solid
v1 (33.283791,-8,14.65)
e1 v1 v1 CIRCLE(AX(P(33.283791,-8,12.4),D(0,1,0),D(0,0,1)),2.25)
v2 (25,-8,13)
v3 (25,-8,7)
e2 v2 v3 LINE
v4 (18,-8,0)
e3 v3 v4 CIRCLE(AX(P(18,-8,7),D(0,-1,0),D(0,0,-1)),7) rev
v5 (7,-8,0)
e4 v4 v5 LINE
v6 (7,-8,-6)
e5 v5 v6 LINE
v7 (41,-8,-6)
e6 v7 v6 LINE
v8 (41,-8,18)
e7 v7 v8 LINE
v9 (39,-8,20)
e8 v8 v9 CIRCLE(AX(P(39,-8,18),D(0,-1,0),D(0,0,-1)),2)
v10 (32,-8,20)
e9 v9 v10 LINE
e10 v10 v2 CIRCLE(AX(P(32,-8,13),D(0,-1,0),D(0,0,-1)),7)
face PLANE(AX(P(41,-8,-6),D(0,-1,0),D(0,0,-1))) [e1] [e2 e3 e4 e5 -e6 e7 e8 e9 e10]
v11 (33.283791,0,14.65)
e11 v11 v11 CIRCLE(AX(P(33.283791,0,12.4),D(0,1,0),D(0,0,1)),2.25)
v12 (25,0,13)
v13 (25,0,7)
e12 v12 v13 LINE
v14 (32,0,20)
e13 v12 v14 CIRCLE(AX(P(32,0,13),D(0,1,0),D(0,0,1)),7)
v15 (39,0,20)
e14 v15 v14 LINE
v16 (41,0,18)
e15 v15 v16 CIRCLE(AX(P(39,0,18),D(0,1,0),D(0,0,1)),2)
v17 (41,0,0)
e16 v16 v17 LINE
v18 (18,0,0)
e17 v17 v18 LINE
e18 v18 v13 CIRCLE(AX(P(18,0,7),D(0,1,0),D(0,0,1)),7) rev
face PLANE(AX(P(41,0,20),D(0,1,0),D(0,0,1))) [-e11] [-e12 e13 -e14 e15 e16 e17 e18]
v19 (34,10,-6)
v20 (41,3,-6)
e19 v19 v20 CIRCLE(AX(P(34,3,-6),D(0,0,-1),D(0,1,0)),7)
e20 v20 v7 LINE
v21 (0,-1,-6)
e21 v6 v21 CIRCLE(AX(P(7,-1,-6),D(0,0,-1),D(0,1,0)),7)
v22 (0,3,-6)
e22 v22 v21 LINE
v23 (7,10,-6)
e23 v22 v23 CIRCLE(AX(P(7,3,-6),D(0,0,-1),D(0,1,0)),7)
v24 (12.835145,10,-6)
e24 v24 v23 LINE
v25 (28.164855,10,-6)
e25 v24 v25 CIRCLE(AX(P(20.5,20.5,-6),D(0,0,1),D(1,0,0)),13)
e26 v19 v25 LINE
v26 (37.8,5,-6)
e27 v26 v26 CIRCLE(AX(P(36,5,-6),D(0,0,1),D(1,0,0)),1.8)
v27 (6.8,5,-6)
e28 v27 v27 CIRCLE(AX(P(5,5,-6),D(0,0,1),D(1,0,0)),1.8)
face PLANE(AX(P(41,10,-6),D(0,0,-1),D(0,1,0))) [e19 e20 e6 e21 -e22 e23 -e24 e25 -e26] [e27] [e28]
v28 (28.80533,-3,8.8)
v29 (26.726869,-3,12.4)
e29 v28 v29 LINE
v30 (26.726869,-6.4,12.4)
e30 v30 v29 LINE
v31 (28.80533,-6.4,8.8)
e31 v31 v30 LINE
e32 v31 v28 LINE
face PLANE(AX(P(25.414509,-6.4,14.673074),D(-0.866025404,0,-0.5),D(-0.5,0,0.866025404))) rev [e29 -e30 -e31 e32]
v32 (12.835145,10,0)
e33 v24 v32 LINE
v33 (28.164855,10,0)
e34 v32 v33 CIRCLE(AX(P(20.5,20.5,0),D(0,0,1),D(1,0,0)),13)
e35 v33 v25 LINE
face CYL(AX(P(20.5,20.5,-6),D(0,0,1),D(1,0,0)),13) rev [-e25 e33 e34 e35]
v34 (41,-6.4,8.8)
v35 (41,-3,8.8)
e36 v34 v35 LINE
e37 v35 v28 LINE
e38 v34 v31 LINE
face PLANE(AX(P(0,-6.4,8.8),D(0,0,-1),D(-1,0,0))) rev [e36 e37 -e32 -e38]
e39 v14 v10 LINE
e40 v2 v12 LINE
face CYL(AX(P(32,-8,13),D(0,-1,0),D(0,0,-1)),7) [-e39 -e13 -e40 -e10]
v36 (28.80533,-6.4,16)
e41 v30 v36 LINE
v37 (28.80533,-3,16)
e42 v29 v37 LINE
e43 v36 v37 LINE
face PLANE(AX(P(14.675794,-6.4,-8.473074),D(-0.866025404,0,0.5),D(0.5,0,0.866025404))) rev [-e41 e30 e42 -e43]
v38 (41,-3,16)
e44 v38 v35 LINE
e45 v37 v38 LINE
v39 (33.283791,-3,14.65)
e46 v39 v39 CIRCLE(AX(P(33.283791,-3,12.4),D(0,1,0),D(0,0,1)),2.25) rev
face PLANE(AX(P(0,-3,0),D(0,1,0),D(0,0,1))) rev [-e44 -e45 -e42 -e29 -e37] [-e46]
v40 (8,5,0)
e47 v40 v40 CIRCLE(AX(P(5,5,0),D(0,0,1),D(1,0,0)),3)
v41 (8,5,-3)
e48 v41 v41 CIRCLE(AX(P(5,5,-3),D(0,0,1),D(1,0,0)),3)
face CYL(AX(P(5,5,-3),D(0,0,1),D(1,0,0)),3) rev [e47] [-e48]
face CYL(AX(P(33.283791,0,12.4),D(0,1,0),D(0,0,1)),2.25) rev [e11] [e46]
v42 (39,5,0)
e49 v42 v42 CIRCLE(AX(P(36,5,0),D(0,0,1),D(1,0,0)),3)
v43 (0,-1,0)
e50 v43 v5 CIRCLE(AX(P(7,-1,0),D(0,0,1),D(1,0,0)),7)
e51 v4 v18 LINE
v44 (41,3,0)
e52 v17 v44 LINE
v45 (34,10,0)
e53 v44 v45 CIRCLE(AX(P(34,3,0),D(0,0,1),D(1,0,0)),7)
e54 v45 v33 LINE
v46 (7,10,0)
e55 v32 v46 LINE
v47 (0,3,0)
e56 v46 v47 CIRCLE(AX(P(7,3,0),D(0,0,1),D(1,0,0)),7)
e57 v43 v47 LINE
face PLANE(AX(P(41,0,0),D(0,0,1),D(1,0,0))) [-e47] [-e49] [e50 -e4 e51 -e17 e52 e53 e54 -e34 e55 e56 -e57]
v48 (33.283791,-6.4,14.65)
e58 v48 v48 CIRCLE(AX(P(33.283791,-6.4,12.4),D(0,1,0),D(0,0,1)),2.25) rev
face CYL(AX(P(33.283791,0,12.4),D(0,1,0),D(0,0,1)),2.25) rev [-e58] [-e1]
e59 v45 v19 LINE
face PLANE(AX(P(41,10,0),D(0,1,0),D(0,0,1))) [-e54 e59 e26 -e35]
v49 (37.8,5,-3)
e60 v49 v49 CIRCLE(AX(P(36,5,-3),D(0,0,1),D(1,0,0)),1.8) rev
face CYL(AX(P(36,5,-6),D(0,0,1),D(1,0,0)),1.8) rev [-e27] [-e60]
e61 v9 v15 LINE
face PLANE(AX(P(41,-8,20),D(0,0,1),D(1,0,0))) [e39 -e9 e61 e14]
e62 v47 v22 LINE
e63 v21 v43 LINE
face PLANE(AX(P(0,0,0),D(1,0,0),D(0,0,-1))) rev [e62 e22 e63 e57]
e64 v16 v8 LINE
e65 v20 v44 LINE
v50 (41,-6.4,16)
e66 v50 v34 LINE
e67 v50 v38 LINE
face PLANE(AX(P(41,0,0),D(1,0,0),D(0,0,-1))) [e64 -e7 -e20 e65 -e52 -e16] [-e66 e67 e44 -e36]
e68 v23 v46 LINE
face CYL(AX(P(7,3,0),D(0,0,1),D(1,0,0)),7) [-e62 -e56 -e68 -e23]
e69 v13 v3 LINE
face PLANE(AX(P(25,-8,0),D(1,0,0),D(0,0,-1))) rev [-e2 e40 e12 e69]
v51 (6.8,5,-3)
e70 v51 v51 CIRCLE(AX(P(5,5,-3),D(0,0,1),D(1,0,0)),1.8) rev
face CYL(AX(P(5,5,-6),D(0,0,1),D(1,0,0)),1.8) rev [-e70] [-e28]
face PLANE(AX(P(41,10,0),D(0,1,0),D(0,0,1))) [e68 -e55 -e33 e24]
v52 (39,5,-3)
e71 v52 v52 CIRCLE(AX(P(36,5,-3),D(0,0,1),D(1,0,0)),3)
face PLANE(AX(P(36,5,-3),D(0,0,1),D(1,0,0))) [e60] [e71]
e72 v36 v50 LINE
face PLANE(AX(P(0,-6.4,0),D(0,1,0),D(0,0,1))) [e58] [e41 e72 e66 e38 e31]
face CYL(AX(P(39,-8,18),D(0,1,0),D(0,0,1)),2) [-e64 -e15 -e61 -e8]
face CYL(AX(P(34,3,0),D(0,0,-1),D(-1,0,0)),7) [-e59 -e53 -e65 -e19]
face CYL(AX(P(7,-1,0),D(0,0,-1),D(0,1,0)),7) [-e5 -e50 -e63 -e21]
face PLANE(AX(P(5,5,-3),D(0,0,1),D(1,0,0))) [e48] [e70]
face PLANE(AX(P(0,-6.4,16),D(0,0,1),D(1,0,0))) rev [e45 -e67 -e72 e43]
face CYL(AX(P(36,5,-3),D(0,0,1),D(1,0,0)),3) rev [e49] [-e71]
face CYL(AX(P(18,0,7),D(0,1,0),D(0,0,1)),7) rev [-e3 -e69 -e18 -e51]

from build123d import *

# Parameters (mm, degrees)
BOSS_EXTRUDE2_DEPTH  = 41
SKETCH3_R            = 1.8
SKETCH3_R_2          = 13
CUT_EXTRUDE1_DEPTH   = 47.701177715
M4_CLEARANCE_HOLE1_D = 4.5
SKETCH6_R            = 3
CUT_EXTRUDE2_DEPTH   = 3
CUT_EXTRUDE3_START   = -6.4
SKETCH7_R            = 2.25
CUT_EXTRUDE3_DEPTH   = 3.4
FILLET3_R            = 2
SKETCH9_W            = 25
SKETCH9_H            = 20
CUT_EXTRUDE5_DEPTH   = 47.701177715
FILLET5_R            = 7


with BuildPart() as part:
    # Sketch2 → Boss-Extrude2 (new body)
    with BuildSketch(Plane(origin=(0, 0, 0), x_dir=(0, 0, -1), z_dir=(1, 0, 0))):
        Polygon((0, 0), (0, 10), (6, 10), (6, -8), (-20, -8), (-20, 0), align=None)
    extrude(amount=BOSS_EXTRUDE2_DEPTH)

    # Sketch3 → Cut-Extrude1 (cut, through all)
    with BuildSketch(Plane.XY):
        with Locations((5, 5)):
            Circle(SKETCH3_R)
        with Locations((36, 5)):
            Circle(SKETCH3_R)
        with Locations((20.5, 20.5)):
            Circle(SKETCH3_R_2)
    extrude(amount=-CUT_EXTRUDE1_DEPTH, mode=Mode.SUBTRACT)

    # M4 Clearance Hole1 (through all)
    with Locations(Plane(origin=(33.28379107, 0, 12.4), x_dir=(0, 0, 1), z_dir=(0, 1, 0))):
        with Locations((0, 0)):
            Hole(M4_CLEARANCE_HOLE1_D / 2)

    # Sketch6 → Cut-Extrude2 (cut)
    with BuildSketch(Plane.XY):
        with Locations((5, 5)):
            Circle(SKETCH6_R)
        with Locations((36, 5)):
            Circle(SKETCH6_R)
    extrude(amount=-CUT_EXTRUDE2_DEPTH, mode=Mode.SUBTRACT)

    # Sketch7 → Cut-Extrude3 (cut)
    with BuildSketch(Plane(origin=(0, 0, 0), x_dir=(1, 0, 0), z_dir=(0, 1, 0)).offset(CUT_EXTRUDE3_START)):
        with Locations(Location((33.28379107, -12.4, 0), (0, 0, 270))):
            Circle(SKETCH7_R)
        Polygon((26.726869132, -12.4), (28.805330101, -16), (32.962252039, -16), (35.040713008, -12.4), (32.962252039, -8.8), (28.805330101, -8.8), align=None)
        with BuildLine():
            Line((33.772715521, -14.596236071), (32.962252039, -16))
            Line((32.962252039, -16), (41, -16))
            Line((41, -16), (41, -8.8))
            Line((41, -8.8), (32.962252039, -8.8))
            Line((32.962252039, -8.8), (33.772715521, -10.203763929))
            ThreePointArc((33.772715521, -10.203763929), (35.039151434, -10.992445386), (35.53379107, -12.4))
            ThreePointArc((35.53379107, -12.4), (35.039151434, -13.807554614), (33.772715521, -14.596236071))
        make_face()
    extrude(amount=CUT_EXTRUDE3_DEPTH, mode=Mode.SUBTRACT)

    # Fillet3
    fillet3_edges = [part.edges().sort_by_distance(p)[0] for p in [
        (41, -4, 20),
    ]]
    fillet(fillet3_edges, radius=FILLET3_R)

    # Sketch9 → Cut-Extrude5 (cut, through all)
    with BuildSketch(Plane(origin=(0, 0, 0), x_dir=(1, 0, 0), z_dir=(0, 1, 0))):
        with Locations((12.5, -10)):
            Rectangle(SKETCH9_W, SKETCH9_H)
    extrude(amount=-CUT_EXTRUDE5_DEPTH, mode=Mode.SUBTRACT)

    # Fillet5
    fillet5_edges = [part.edges().sort_by_distance(p)[0] for p in [
        (41, 10, -3),
        (0, -8, -3),
        (0, 10, -3),
        (25, -4, 0),
        (25, -4, 20),
    ]]
    fillet(fillet5_edges, radius=FILLET5_R)


solid = part.part
